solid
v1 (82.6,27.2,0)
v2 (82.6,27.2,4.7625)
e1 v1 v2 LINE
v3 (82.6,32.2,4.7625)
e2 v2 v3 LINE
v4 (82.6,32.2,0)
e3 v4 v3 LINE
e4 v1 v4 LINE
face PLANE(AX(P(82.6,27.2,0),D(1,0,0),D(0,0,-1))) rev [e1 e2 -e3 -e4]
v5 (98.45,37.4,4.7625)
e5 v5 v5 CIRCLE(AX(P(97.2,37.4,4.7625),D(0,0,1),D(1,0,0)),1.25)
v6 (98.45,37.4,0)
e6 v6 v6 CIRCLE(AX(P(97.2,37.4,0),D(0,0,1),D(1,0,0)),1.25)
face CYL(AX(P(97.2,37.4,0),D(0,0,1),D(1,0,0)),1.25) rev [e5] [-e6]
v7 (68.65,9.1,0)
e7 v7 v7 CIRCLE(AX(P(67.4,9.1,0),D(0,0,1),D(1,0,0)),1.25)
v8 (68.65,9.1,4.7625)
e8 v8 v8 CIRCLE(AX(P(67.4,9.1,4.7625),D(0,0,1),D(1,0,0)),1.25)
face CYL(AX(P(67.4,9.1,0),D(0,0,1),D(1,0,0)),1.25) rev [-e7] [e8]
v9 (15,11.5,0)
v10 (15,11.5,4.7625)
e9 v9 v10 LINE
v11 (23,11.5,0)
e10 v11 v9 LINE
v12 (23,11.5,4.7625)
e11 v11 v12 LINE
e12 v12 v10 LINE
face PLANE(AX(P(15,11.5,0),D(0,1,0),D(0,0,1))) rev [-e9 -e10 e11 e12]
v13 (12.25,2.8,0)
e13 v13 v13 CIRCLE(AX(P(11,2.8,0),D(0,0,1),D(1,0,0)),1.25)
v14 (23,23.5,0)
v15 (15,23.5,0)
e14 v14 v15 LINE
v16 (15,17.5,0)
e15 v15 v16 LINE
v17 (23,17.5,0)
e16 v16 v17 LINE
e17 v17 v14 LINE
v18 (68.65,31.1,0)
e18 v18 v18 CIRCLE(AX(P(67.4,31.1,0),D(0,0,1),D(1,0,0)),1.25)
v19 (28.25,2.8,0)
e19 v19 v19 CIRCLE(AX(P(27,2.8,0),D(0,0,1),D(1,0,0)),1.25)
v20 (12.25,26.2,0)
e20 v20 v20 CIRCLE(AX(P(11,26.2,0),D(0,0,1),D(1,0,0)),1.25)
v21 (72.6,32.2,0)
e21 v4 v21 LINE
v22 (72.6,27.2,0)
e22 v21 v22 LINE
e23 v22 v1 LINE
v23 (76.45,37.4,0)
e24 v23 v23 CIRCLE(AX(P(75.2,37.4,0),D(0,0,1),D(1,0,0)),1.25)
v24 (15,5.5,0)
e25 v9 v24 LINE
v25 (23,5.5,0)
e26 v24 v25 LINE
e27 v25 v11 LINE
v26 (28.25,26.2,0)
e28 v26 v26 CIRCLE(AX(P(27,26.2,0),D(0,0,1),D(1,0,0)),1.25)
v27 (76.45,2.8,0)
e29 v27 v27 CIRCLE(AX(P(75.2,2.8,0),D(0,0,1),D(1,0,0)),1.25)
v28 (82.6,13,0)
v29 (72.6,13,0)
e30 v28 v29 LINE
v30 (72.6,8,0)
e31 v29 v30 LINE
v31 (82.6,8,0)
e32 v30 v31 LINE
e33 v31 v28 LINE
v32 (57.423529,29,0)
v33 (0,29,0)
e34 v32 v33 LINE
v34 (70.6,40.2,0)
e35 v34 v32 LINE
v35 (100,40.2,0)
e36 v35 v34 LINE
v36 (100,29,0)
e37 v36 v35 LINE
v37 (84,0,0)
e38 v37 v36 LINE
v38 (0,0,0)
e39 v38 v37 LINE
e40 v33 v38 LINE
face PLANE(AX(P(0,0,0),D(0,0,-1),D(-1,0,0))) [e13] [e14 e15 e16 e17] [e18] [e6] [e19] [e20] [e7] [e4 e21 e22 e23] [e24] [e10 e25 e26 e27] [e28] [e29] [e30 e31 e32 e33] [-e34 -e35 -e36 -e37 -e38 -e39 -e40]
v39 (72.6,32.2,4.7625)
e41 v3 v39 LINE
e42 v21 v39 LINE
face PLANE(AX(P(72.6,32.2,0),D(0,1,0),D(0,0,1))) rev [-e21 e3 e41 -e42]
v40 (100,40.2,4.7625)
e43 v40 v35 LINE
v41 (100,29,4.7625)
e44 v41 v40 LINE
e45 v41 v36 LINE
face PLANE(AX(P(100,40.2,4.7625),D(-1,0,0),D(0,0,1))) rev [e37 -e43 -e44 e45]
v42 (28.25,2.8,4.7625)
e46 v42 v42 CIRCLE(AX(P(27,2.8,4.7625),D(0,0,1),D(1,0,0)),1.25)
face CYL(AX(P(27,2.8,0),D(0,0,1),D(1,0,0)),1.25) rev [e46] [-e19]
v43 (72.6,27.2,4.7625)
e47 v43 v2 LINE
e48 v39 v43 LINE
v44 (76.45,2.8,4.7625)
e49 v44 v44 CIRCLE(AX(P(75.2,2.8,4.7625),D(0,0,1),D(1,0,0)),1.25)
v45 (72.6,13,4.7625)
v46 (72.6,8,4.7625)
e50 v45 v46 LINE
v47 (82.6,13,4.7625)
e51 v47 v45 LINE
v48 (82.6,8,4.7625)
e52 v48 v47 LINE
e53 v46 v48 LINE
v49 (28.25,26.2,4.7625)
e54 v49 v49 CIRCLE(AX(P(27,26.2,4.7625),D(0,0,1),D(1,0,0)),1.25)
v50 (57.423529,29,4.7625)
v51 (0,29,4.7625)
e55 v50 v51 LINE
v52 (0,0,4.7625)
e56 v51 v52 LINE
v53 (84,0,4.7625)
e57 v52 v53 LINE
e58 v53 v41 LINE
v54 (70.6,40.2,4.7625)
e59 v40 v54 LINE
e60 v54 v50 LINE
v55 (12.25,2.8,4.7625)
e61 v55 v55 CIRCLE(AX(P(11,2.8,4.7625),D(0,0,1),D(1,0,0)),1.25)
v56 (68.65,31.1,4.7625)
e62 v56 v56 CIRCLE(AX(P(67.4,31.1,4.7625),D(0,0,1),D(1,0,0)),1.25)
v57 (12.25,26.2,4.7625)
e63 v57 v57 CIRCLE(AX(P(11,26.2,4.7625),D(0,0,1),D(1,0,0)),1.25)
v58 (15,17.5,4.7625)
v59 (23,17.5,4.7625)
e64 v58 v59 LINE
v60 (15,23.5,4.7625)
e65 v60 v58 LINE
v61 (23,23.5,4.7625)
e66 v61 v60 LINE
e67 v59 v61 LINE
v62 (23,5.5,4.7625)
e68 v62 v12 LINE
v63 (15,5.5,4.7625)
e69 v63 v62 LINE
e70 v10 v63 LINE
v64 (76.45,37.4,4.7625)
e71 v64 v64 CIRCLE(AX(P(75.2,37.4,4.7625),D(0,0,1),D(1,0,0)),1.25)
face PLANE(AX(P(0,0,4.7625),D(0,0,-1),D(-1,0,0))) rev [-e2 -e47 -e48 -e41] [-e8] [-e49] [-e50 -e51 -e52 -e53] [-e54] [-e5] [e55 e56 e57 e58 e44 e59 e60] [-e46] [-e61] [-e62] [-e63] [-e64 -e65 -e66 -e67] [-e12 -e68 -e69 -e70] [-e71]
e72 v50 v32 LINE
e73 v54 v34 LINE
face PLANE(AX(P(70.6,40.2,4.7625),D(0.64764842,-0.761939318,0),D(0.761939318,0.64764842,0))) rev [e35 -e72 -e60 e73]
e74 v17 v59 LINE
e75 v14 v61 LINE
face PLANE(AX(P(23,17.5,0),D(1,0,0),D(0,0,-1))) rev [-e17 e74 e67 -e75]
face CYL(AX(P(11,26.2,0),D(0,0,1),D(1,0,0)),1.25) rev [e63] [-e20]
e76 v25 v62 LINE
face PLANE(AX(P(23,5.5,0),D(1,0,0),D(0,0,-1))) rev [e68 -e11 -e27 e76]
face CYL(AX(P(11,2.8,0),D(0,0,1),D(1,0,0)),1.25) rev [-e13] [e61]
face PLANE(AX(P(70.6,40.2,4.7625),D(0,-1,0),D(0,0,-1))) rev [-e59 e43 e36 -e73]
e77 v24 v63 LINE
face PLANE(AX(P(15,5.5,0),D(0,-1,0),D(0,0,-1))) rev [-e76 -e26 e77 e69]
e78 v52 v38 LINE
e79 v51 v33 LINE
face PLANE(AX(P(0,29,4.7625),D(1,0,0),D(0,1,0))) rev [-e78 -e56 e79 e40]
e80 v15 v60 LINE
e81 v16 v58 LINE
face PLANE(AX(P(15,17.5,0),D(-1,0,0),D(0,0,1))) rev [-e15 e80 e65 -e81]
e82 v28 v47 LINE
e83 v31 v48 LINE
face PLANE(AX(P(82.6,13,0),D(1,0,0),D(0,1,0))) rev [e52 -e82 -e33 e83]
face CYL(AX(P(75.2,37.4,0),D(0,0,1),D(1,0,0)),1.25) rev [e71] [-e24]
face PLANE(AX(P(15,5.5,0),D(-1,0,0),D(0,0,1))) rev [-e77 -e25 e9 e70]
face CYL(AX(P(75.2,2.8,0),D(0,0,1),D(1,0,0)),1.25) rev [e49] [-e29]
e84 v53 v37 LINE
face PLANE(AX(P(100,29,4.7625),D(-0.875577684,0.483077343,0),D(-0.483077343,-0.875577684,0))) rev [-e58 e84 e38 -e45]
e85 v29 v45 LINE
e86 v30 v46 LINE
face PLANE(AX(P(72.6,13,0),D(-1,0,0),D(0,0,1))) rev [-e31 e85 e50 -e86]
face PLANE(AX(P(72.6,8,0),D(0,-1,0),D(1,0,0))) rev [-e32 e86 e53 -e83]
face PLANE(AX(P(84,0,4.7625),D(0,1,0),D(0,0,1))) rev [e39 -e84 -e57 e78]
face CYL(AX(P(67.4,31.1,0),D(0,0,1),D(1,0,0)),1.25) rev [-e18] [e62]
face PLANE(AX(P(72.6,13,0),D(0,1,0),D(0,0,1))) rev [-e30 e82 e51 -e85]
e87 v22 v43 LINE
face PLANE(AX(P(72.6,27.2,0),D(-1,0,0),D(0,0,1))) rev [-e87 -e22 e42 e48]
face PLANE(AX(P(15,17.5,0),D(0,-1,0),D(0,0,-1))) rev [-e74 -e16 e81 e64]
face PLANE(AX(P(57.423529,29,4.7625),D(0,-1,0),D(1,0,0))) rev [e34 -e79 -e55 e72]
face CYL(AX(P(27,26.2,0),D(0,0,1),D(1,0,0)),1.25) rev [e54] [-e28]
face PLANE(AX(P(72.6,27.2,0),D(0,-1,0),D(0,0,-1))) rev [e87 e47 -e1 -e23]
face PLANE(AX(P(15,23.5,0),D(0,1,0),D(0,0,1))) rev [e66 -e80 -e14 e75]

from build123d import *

# Parameters (mm, degrees)
BOSS_EXTRUDE1_DEPTH = 4.7625
SKETCH2_R           = 1.25
SKETCH2_W           = 10
SKETCH2_H           = 5
SKETCH2_W_2         = 8
SKETCH2_H_2         = 6
CUT_EXTRUDE1_DEPTH  = 5.7625


with BuildPart() as part:
    # Sketch1 → Boss-Extrude1 (new body)
    with BuildSketch(Plane.XY):
        Polygon((70.6, 40.2), (57.423529412, 29), (0, 29), (0, 0), (84, 0), (100, 29), (100, 40.2), align=None)
    extrude(amount=BOSS_EXTRUDE1_DEPTH)

    # Sketch2 → Cut-Extrude1 (cut, through all)
    with BuildSketch(Plane.XY.offset(4.7625)):
        with Locations((97.2, 37.4)):
            Circle(SKETCH2_R)
        with Locations((75.2, 37.4)):
            Circle(SKETCH2_R)
        with Locations((67.4, 31.1)):
            Circle(SKETCH2_R)
        with Locations((67.4, 9.1)):
            Circle(SKETCH2_R)
        with Locations((75.2, 2.8)):
            Circle(SKETCH2_R)
        with Locations((11, 26.2)):
            Circle(SKETCH2_R)
        with Locations((27, 26.2)):
            Circle(SKETCH2_R)
        with Locations((27, 2.8)):
            Circle(SKETCH2_R)
        with Locations((11, 2.8)):
            Circle(SKETCH2_R)
        with Locations((77.6, 29.7)):
            Rectangle(SKETCH2_W, SKETCH2_H)
        with Locations((77.6, 10.5)):
            Rectangle(SKETCH2_W, SKETCH2_H)
        with Locations((19, 20.5)):
            Rectangle(SKETCH2_W_2, SKETCH2_H_2)
        with Locations((19, 8.5)):
            Rectangle(SKETCH2_W_2, SKETCH2_H_2)
    extrude(amount=-CUT_EXTRUDE1_DEPTH, mode=Mode.SUBTRACT)


solid = part.part
